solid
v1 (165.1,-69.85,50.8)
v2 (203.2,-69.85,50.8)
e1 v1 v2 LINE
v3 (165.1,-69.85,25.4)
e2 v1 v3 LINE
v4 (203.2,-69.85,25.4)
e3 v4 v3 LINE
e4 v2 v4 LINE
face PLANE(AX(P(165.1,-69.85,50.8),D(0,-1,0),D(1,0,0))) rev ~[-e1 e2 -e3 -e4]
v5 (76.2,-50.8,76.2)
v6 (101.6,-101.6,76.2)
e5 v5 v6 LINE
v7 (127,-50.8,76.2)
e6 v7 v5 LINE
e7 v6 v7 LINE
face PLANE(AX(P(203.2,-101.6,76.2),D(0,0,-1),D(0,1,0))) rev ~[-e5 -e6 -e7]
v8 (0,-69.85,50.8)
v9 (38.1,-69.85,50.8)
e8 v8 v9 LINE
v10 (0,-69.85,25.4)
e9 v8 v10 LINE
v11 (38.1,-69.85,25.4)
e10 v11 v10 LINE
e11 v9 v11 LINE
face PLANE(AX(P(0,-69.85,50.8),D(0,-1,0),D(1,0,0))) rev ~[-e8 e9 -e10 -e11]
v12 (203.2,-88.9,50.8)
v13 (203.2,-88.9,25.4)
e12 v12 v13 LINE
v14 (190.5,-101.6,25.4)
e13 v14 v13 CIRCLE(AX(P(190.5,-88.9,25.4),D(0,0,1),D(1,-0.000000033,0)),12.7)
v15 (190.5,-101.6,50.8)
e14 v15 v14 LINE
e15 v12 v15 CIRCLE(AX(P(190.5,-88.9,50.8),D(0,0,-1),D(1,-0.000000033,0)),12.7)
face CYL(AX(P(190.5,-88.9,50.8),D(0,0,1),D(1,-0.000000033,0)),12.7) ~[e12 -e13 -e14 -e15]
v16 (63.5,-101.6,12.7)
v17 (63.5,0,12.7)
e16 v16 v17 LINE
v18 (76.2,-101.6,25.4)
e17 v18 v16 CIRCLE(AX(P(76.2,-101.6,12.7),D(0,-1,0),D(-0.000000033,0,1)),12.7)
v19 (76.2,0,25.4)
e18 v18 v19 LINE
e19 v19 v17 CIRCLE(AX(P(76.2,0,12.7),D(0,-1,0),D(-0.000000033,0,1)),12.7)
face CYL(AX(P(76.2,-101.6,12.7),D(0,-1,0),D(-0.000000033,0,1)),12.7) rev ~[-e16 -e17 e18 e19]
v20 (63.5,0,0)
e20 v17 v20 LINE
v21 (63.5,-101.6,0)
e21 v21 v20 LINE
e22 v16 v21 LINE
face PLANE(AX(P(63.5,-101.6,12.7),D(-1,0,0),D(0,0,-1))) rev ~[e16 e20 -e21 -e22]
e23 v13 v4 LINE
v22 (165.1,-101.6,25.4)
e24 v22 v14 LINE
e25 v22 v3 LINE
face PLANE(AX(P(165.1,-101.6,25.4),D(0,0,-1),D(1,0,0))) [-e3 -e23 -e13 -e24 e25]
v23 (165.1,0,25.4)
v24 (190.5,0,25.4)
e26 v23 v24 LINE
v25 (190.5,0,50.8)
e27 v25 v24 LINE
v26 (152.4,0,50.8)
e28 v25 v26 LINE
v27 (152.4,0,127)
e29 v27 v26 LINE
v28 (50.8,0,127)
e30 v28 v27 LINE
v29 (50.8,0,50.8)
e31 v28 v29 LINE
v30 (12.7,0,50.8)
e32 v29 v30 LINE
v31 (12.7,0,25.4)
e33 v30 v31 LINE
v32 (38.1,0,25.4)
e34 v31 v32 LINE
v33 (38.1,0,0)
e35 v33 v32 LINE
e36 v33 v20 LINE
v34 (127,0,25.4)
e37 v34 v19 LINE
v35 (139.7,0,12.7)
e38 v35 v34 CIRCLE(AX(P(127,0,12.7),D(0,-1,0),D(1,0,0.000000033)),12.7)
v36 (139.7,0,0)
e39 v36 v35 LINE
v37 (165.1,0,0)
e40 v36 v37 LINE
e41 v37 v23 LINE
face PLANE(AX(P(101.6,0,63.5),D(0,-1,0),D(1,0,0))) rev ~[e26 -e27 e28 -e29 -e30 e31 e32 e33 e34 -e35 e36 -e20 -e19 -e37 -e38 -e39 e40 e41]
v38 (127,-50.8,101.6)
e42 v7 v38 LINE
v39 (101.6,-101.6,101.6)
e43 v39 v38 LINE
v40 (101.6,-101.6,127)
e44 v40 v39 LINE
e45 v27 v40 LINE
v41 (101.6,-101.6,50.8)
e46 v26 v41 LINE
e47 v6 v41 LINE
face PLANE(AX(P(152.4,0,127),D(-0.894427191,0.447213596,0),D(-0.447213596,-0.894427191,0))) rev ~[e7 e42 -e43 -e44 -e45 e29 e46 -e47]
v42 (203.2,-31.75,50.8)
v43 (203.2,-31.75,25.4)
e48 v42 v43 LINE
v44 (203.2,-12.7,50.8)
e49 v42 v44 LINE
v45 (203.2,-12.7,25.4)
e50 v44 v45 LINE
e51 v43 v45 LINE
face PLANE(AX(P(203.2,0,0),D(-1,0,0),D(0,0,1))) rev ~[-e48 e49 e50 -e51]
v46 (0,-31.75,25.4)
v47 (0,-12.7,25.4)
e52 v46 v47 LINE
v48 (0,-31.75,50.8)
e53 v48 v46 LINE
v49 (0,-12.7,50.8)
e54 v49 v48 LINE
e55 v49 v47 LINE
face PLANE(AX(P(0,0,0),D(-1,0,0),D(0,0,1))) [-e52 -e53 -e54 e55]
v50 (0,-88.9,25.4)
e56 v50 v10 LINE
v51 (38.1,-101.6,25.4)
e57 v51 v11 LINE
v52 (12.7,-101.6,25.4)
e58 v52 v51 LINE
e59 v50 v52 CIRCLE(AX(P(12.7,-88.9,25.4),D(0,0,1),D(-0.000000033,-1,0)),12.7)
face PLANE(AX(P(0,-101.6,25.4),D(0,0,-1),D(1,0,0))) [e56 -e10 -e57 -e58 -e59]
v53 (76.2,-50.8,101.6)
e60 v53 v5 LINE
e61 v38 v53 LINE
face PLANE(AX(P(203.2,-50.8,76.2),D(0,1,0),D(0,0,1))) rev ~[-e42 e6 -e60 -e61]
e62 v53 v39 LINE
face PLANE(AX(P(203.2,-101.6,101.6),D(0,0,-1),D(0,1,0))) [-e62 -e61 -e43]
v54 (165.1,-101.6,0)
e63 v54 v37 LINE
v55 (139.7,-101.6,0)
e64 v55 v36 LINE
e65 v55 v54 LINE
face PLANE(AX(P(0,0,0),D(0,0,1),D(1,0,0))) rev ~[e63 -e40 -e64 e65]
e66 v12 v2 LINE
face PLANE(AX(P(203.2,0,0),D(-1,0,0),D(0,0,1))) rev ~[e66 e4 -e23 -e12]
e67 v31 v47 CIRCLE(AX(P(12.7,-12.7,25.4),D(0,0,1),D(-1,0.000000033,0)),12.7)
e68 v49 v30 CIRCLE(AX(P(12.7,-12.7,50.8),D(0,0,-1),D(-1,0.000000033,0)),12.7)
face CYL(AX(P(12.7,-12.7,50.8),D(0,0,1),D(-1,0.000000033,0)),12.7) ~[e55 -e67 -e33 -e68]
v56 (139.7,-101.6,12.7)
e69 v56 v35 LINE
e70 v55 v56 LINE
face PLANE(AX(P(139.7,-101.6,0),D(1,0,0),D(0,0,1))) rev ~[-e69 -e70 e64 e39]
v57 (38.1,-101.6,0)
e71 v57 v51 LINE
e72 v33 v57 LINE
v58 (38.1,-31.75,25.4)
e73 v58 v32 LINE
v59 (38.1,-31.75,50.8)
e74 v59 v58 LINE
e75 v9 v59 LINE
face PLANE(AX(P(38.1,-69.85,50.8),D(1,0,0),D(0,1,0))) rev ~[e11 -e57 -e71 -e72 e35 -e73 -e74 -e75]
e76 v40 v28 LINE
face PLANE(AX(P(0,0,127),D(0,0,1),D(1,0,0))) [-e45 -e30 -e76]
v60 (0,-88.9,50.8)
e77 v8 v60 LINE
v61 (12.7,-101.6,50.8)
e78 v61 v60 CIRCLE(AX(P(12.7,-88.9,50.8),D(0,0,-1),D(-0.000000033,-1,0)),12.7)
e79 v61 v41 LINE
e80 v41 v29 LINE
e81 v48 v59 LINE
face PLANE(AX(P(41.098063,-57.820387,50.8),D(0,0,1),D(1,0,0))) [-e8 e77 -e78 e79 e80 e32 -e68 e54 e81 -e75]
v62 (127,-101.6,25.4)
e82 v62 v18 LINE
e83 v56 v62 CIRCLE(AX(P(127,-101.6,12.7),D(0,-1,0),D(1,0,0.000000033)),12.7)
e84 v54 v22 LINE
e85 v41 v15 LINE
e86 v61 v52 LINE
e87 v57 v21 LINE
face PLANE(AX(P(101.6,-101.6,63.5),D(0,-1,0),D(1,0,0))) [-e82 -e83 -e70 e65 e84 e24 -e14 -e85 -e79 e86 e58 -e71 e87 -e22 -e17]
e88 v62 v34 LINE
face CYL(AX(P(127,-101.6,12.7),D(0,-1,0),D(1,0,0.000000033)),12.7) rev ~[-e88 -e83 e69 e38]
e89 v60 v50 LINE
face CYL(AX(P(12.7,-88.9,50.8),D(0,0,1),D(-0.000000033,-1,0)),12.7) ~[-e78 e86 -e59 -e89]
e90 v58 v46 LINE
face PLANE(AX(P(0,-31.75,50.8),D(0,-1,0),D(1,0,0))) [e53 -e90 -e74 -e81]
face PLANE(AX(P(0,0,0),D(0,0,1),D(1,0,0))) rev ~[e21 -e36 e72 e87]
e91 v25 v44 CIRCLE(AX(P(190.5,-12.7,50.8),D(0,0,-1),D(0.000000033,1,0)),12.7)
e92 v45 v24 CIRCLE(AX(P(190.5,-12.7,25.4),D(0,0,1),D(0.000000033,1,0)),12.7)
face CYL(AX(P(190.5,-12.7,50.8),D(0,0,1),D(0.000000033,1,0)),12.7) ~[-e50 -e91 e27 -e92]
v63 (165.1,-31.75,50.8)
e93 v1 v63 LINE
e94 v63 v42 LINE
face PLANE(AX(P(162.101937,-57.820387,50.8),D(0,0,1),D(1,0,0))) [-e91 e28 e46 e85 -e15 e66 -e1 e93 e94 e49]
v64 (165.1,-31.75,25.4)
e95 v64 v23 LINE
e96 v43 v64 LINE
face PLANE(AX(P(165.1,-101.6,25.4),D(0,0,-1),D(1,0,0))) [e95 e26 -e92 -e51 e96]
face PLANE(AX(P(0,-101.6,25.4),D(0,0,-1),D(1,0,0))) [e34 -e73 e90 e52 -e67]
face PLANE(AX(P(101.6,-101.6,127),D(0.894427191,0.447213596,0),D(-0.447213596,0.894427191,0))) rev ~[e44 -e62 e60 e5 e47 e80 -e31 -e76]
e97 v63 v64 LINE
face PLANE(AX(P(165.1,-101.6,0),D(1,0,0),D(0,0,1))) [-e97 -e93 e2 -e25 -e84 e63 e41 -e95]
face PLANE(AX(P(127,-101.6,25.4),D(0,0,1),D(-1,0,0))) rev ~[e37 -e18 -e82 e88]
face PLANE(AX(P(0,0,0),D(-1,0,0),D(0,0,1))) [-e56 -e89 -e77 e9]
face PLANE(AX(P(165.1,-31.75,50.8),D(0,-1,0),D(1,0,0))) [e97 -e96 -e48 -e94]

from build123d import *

# Parameters (mm, degrees)
F0_W      = 203.2
F0_H      = 127
F1_DEPTH  = 101.6
F2_W      = 38.1
F2_H      = 25.4
F3_DEPTH  = 101.601
F5_W      = 50.8
F5_H      = 25.4
F6_DEPTH  = 203.201
F7_DEPTH  = 76.2
F8_W      = 38.1
F8_H      = 38.1
F9_DEPTH  = 50.801
F10_W     = 38.1
F10_H     = 38.1
F11_DEPTH = 50.801


with BuildPart() as f1:
    # F0 (on Front) → F1 (new body)
    with BuildSketch(Plane.XZ):
        with Locations((101.6, 63.5)):
            Rectangle(F0_W, F0_H)
    extrude(amount=F1_DEPTH)

    # F2 (on face) → F3 (cut, through all)
    with BuildSketch(Plane.XZ.offset(101.6)):
        with Locations((19.05, 12.7)):
            Rectangle(F2_W, F2_H)
        with BuildLine():
            Line((63.5, 12.7), (63.5, 0))
            Line((63.5, 0), (139.7, 0))
            Line((139.7, 0), (139.7, 12.7))
            ThreePointArc((139.7, 12.7), (135.980256, 21.680256), (127, 25.4))
            Line((127, 25.4), (76.2, 25.4))
            ThreePointArc((76.2, 25.4), (67.219744, 21.680256), (63.5, 12.7))
        make_face()
        with Locations((184.15, 12.7)):
            Rectangle(F2_W, F2_H)
    extrude(amount=-F3_DEPTH, mode=Mode.SUBTRACT)

    # F5 (on face) → F6 (cut, through all)
    with BuildSketch(Plane.YZ.offset(203.2)):
        with Locations((-76.2, 88.9)):
            Rectangle(F5_W, F5_H)
    extrude(amount=-F6_DEPTH, mode=Mode.SUBTRACT)

    # F4 (on face) → F7 (cut)
    with BuildSketch(Plane.XY.offset(127)):
        Polygon((0, -101.6), (101.6, -101.6), (50.8, 0), (0, 0), align=None)
        Polygon((152.4, 0), (101.6, -101.6), (203.2, -101.6), (203.2, 0), align=None)
    extrude(amount=-F7_DEPTH, mode=Mode.SUBTRACT)

    # F8 (on face) → F9 (cut, through all)
    with BuildSketch(Plane.XY.offset(50.8)):
        with Locations((19.05, -50.8)):
            Rectangle(F8_W, F8_H)
        with BuildLine():
            Line((0, 0), (0, -12.7))
            ThreePointArc((0, -12.7), (3.719744, -3.719744), (12.7, 0))
            Line((12.7, 0), (0, 0))
        make_face()
        with BuildLine():
            ThreePointArc((12.7, -101.6), (3.719744, -97.880256), (0, -88.9))
            Line((0, -88.9), (0, -101.6))
            Line((0, -101.6), (12.7, -101.6))
        make_face()
    extrude(amount=-F9_DEPTH, mode=Mode.SUBTRACT)

    # F10 (on face) → F11 (cut, through all)
    with BuildSketch(Plane.XY.offset(50.8)):
        with Locations((184.15, -50.8)):
            Rectangle(F10_W, F10_H)
        with BuildLine():
            Line((203.2, -101.6), (203.2, -88.9))
            ThreePointArc((203.2, -88.9), (199.480256, -97.880256), (190.5, -101.6))
            Line((190.5, -101.6), (203.2, -101.6))
        make_face()
        with BuildLine():
            ThreePointArc((190.5, 0), (199.480256, -3.719744), (203.2, -12.7))
            Line((203.2, -12.7), (203.2, 0))
            Line((203.2, 0), (190.5, 0))
        make_face()
    extrude(amount=-F11_DEPTH, mode=Mode.SUBTRACT)


solid = f1.part
